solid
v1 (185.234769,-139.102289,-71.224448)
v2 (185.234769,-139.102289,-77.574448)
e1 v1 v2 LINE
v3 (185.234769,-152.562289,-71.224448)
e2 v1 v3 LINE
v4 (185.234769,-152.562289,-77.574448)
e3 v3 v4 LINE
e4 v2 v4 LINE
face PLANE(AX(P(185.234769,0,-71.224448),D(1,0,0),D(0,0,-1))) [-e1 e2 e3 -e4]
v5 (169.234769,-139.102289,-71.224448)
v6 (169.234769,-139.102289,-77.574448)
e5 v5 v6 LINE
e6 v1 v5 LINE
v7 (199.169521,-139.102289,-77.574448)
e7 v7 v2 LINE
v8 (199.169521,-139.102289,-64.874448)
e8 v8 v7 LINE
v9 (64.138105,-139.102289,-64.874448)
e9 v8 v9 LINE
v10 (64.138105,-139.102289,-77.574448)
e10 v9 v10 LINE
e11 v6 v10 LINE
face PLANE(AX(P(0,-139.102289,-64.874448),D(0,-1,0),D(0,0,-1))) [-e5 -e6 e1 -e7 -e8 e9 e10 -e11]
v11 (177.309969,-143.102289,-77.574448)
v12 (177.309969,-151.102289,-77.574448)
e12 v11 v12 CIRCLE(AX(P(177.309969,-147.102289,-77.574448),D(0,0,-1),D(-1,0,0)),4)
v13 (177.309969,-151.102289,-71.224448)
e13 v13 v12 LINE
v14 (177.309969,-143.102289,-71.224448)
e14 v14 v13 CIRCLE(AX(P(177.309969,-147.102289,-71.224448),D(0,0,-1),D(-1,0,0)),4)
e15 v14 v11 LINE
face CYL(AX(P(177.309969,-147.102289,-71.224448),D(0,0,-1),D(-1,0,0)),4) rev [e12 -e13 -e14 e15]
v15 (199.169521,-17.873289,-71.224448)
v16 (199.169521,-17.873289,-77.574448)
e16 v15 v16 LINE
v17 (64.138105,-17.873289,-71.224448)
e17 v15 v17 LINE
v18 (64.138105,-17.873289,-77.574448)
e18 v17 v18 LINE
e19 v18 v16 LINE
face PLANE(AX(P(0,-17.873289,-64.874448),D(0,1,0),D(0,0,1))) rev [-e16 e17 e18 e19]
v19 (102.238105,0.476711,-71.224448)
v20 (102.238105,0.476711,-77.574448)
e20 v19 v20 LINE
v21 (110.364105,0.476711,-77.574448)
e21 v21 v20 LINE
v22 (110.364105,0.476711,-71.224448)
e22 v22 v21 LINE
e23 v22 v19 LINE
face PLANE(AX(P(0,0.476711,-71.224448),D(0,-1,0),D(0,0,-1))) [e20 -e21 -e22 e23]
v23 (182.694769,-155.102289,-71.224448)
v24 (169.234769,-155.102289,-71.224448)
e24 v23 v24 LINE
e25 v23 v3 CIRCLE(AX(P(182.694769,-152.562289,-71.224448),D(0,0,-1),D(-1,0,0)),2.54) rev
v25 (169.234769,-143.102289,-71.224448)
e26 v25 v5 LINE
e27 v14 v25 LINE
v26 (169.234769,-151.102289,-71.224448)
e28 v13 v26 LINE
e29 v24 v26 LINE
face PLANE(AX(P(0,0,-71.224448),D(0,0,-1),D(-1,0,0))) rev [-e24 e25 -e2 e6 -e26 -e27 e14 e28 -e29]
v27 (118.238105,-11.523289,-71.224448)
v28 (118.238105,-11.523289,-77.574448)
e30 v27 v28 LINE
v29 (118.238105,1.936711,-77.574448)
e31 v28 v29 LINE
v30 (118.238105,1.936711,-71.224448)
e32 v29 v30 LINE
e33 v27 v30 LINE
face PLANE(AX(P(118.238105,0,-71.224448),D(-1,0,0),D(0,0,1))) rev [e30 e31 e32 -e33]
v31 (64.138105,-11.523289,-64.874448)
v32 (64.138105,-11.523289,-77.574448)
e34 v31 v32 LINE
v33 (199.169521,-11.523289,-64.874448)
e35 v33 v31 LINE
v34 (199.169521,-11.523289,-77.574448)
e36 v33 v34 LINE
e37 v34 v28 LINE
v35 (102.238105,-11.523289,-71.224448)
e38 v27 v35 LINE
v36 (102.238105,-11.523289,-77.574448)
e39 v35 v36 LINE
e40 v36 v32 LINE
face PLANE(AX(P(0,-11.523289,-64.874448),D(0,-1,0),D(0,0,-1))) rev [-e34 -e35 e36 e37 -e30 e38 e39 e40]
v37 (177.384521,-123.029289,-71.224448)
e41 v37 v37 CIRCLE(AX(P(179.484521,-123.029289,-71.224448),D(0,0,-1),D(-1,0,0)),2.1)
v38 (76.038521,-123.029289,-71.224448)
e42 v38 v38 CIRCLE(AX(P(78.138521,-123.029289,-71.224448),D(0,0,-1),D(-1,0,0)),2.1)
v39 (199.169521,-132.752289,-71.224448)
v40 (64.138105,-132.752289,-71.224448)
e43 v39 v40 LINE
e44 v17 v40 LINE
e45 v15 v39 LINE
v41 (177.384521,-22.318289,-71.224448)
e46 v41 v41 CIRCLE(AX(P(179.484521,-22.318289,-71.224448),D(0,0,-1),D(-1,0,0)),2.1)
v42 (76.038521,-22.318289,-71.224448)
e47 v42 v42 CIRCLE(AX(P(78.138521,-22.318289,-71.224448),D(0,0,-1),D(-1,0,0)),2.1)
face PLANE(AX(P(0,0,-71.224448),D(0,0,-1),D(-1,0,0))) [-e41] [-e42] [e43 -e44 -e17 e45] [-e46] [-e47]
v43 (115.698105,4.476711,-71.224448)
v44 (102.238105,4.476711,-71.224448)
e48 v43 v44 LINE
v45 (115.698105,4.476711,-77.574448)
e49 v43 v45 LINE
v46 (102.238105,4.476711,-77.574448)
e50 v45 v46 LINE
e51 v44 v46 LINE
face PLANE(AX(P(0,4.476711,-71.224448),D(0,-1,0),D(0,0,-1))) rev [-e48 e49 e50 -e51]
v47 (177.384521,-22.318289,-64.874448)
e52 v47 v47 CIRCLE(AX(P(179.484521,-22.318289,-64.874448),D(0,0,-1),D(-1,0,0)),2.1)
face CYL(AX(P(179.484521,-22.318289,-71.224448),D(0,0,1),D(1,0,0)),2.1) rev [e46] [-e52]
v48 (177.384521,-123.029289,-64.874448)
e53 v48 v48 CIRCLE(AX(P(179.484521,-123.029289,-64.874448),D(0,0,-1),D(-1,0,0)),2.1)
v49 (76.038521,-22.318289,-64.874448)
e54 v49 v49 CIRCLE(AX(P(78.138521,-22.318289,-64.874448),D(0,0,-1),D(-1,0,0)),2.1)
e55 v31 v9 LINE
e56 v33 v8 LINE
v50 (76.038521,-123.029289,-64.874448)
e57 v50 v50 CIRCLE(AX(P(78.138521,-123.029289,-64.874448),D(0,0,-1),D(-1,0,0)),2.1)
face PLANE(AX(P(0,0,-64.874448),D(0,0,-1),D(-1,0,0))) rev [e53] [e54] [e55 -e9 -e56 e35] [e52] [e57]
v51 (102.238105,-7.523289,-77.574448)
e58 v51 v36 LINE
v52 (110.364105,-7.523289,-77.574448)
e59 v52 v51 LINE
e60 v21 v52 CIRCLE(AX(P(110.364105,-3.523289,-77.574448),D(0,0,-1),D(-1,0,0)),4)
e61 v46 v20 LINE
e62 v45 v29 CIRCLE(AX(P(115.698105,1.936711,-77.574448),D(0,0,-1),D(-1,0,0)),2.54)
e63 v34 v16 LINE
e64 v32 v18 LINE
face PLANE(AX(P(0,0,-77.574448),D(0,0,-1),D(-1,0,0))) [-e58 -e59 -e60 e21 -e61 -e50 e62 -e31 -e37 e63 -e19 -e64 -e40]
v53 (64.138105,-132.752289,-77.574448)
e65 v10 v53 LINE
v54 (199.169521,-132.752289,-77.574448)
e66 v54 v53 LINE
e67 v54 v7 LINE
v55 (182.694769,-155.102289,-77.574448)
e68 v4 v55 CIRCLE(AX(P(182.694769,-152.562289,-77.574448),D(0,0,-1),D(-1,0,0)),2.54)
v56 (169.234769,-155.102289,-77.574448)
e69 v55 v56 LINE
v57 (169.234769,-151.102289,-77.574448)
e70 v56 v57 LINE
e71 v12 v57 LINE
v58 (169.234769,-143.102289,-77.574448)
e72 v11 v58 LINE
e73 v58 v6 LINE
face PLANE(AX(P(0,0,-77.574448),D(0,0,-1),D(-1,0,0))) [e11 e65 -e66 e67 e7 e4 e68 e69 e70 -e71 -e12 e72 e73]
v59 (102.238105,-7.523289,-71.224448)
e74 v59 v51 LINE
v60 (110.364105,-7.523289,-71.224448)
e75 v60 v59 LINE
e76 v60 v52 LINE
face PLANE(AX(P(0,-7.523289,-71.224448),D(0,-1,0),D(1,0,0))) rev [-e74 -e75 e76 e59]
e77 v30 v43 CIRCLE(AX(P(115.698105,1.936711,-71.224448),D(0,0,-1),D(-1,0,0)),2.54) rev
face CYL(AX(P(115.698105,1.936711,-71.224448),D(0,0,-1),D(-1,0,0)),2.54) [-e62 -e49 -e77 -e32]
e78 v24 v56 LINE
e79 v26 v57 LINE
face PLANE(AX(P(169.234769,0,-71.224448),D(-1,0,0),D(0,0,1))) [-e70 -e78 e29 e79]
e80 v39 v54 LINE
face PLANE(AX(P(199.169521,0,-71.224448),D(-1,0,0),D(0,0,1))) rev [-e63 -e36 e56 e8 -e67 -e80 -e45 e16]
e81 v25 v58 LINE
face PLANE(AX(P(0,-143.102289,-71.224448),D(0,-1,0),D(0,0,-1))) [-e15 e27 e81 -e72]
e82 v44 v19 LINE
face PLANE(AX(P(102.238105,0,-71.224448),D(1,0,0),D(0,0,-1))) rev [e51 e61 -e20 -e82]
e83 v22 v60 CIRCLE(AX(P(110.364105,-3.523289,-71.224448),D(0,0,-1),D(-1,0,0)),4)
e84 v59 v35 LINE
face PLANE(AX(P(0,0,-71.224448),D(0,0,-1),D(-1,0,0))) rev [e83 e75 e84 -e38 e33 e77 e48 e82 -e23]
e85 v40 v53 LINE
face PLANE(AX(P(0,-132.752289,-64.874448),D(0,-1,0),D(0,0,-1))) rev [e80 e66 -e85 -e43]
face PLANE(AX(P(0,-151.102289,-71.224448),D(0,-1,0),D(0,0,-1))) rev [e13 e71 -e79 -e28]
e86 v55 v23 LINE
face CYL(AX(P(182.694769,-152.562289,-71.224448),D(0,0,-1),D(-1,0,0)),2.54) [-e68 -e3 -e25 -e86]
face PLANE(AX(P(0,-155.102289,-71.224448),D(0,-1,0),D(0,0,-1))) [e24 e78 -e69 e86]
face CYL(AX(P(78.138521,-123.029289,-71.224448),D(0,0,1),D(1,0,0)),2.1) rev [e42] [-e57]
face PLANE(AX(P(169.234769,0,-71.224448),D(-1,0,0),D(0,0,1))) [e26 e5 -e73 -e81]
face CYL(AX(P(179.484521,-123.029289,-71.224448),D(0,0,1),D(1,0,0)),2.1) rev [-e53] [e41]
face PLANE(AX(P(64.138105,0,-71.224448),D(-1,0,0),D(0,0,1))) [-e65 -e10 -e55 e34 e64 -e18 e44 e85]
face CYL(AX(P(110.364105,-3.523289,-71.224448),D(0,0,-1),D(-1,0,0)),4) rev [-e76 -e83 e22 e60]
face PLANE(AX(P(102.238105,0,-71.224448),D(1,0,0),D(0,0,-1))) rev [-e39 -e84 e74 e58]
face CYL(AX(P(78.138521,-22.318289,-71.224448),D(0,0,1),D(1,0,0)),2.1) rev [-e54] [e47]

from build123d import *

# Parameters (mm, degrees)
SKETCH1_R                = 2.1
BOSS_EXTRUDE1_DEPTH      = 6.35
BOSS_EXTRUDE2_DEPTH      = 6.35
BOSS_EXTRUDE2_DEPTH_BACK = 6.35
SKETCH4_W                = 135.031416385
SKETCH4_H                = 6.35
BOSS_EXTRUDE3_DEPTH      = 6.35
FILLET2_R                = 2.54
FILLET3_R                = 2.54


with BuildPart() as part:
    # Sketch1 → Boss-Extrude1 (new body)
    with BuildSketch(Plane(origin=(0, 0, -64.874447619), x_dir=(-1, 0, 0), z_dir=(0, 0, -1))):
        Polygon((-199.169520933, -82.051755317), (-199.169520933, -111.544482171), (-199.169520933, -132.752289105), (-64.138104548, -132.752289105), (-64.138104548, -17.873289105), (-199.169520933, -17.873289105), align=None)
        with Locations((-179.484520933, -123.029289105)):
            Circle(SKETCH1_R, mode=Mode.SUBTRACT)
        with Locations((-78.138520933, -123.029289105)):
            Circle(SKETCH1_R, mode=Mode.SUBTRACT)
        with Locations((-179.484520933, -22.318289105)):
            Circle(SKETCH1_R, mode=Mode.SUBTRACT)
        with Locations((-78.138520933, -22.318289105)):
            Circle(SKETCH1_R, mode=Mode.SUBTRACT)
    extrude(amount=BOSS_EXTRUDE1_DEPTH)

    # Sketch4 → Boss-Extrude2 (add, two sides: drawn at the far end of the back side and taken through both)
    with BuildSketch(Plane(origin=(0, 0, -71.224447619), x_dir=(-1, 0, 0), z_dir=(0, 0, -1)).offset(-BOSS_EXTRUDE2_DEPTH_BACK)):
        with Locations((-131.653812741, -14.698289105)):
            Rectangle(SKETCH4_W, SKETCH4_H)
        with Locations((-131.653812741, -135.927289105)):
            Rectangle(SKETCH4_W, SKETCH4_H)
    extrude(amount=BOSS_EXTRUDE2_DEPTH + BOSS_EXTRUDE2_DEPTH_BACK)

    # Sketch5 → Boss-Extrude3 (add)
    with BuildSketch(Plane(origin=(0, 0, -77.574447619), x_dir=(-1, 0, 0), z_dir=(0, 0, -1))):
        with BuildLine():
            Line((-118.238104548, 4.476710895), (-118.238104548, -11.523289105))
            Line((-118.238104548, -11.523289105), (-102.238104548, -11.523289105))
            Line((-102.238104548, -11.523289105), (-102.238104548, -7.523289105))
            Line((-102.238104548, -7.523289105), (-110.364104548, -7.523289105))
            ThreePointArc((-110.364104548, -7.523289105), (-114.364104548, -3.523289105), (-110.364104548, 0.476710895))
            Line((-110.364104548, 0.476710895), (-102.238104548, 0.476710895))
            Line((-102.238104548, 0.476710895), (-102.238104548, 4.476710895))
            Line((-102.238104548, 4.476710895), (-118.238104548, 4.476710895))
        make_face()
        with BuildLine():
            Line((-169.23476894, -139.102289105), (-185.23476894, -139.102289105))
            Line((-185.23476894, -139.102289105), (-185.23476894, -155.102289105))
            Line((-185.23476894, -155.102289105), (-169.23476894, -155.102289105))
            Line((-169.23476894, -155.102289105), (-169.23476894, -151.102289105))
            Line((-169.23476894, -151.102289105), (-177.30996894, -151.102289105))
            ThreePointArc((-177.30996894, -151.102289105), (-181.30996894, -147.102289105), (-177.30996894, -143.102289105))
            Line((-177.30996894, -143.102289105), (-169.23476894, -143.102289105))
            Line((-169.23476894, -143.102289105), (-169.23476894, -139.102289105))
        make_face()
    extrude(amount=-BOSS_EXTRUDE3_DEPTH)

    # Fillet2
    fillet2_edges = [part.edges().sort_by_distance(p)[0] for p in [
        (118.238104548, 4.476710895, -74.399447619),
    ]]
    fillet(fillet2_edges, radius=FILLET2_R)

    # Fillet3
    fillet3_edges = [part.edges().sort_by_distance(p)[0] for p in [
        (185.23476894, -155.102289105, -74.399447619),
    ]]
    fillet(fillet3_edges, radius=FILLET3_R)


solid = part.part
